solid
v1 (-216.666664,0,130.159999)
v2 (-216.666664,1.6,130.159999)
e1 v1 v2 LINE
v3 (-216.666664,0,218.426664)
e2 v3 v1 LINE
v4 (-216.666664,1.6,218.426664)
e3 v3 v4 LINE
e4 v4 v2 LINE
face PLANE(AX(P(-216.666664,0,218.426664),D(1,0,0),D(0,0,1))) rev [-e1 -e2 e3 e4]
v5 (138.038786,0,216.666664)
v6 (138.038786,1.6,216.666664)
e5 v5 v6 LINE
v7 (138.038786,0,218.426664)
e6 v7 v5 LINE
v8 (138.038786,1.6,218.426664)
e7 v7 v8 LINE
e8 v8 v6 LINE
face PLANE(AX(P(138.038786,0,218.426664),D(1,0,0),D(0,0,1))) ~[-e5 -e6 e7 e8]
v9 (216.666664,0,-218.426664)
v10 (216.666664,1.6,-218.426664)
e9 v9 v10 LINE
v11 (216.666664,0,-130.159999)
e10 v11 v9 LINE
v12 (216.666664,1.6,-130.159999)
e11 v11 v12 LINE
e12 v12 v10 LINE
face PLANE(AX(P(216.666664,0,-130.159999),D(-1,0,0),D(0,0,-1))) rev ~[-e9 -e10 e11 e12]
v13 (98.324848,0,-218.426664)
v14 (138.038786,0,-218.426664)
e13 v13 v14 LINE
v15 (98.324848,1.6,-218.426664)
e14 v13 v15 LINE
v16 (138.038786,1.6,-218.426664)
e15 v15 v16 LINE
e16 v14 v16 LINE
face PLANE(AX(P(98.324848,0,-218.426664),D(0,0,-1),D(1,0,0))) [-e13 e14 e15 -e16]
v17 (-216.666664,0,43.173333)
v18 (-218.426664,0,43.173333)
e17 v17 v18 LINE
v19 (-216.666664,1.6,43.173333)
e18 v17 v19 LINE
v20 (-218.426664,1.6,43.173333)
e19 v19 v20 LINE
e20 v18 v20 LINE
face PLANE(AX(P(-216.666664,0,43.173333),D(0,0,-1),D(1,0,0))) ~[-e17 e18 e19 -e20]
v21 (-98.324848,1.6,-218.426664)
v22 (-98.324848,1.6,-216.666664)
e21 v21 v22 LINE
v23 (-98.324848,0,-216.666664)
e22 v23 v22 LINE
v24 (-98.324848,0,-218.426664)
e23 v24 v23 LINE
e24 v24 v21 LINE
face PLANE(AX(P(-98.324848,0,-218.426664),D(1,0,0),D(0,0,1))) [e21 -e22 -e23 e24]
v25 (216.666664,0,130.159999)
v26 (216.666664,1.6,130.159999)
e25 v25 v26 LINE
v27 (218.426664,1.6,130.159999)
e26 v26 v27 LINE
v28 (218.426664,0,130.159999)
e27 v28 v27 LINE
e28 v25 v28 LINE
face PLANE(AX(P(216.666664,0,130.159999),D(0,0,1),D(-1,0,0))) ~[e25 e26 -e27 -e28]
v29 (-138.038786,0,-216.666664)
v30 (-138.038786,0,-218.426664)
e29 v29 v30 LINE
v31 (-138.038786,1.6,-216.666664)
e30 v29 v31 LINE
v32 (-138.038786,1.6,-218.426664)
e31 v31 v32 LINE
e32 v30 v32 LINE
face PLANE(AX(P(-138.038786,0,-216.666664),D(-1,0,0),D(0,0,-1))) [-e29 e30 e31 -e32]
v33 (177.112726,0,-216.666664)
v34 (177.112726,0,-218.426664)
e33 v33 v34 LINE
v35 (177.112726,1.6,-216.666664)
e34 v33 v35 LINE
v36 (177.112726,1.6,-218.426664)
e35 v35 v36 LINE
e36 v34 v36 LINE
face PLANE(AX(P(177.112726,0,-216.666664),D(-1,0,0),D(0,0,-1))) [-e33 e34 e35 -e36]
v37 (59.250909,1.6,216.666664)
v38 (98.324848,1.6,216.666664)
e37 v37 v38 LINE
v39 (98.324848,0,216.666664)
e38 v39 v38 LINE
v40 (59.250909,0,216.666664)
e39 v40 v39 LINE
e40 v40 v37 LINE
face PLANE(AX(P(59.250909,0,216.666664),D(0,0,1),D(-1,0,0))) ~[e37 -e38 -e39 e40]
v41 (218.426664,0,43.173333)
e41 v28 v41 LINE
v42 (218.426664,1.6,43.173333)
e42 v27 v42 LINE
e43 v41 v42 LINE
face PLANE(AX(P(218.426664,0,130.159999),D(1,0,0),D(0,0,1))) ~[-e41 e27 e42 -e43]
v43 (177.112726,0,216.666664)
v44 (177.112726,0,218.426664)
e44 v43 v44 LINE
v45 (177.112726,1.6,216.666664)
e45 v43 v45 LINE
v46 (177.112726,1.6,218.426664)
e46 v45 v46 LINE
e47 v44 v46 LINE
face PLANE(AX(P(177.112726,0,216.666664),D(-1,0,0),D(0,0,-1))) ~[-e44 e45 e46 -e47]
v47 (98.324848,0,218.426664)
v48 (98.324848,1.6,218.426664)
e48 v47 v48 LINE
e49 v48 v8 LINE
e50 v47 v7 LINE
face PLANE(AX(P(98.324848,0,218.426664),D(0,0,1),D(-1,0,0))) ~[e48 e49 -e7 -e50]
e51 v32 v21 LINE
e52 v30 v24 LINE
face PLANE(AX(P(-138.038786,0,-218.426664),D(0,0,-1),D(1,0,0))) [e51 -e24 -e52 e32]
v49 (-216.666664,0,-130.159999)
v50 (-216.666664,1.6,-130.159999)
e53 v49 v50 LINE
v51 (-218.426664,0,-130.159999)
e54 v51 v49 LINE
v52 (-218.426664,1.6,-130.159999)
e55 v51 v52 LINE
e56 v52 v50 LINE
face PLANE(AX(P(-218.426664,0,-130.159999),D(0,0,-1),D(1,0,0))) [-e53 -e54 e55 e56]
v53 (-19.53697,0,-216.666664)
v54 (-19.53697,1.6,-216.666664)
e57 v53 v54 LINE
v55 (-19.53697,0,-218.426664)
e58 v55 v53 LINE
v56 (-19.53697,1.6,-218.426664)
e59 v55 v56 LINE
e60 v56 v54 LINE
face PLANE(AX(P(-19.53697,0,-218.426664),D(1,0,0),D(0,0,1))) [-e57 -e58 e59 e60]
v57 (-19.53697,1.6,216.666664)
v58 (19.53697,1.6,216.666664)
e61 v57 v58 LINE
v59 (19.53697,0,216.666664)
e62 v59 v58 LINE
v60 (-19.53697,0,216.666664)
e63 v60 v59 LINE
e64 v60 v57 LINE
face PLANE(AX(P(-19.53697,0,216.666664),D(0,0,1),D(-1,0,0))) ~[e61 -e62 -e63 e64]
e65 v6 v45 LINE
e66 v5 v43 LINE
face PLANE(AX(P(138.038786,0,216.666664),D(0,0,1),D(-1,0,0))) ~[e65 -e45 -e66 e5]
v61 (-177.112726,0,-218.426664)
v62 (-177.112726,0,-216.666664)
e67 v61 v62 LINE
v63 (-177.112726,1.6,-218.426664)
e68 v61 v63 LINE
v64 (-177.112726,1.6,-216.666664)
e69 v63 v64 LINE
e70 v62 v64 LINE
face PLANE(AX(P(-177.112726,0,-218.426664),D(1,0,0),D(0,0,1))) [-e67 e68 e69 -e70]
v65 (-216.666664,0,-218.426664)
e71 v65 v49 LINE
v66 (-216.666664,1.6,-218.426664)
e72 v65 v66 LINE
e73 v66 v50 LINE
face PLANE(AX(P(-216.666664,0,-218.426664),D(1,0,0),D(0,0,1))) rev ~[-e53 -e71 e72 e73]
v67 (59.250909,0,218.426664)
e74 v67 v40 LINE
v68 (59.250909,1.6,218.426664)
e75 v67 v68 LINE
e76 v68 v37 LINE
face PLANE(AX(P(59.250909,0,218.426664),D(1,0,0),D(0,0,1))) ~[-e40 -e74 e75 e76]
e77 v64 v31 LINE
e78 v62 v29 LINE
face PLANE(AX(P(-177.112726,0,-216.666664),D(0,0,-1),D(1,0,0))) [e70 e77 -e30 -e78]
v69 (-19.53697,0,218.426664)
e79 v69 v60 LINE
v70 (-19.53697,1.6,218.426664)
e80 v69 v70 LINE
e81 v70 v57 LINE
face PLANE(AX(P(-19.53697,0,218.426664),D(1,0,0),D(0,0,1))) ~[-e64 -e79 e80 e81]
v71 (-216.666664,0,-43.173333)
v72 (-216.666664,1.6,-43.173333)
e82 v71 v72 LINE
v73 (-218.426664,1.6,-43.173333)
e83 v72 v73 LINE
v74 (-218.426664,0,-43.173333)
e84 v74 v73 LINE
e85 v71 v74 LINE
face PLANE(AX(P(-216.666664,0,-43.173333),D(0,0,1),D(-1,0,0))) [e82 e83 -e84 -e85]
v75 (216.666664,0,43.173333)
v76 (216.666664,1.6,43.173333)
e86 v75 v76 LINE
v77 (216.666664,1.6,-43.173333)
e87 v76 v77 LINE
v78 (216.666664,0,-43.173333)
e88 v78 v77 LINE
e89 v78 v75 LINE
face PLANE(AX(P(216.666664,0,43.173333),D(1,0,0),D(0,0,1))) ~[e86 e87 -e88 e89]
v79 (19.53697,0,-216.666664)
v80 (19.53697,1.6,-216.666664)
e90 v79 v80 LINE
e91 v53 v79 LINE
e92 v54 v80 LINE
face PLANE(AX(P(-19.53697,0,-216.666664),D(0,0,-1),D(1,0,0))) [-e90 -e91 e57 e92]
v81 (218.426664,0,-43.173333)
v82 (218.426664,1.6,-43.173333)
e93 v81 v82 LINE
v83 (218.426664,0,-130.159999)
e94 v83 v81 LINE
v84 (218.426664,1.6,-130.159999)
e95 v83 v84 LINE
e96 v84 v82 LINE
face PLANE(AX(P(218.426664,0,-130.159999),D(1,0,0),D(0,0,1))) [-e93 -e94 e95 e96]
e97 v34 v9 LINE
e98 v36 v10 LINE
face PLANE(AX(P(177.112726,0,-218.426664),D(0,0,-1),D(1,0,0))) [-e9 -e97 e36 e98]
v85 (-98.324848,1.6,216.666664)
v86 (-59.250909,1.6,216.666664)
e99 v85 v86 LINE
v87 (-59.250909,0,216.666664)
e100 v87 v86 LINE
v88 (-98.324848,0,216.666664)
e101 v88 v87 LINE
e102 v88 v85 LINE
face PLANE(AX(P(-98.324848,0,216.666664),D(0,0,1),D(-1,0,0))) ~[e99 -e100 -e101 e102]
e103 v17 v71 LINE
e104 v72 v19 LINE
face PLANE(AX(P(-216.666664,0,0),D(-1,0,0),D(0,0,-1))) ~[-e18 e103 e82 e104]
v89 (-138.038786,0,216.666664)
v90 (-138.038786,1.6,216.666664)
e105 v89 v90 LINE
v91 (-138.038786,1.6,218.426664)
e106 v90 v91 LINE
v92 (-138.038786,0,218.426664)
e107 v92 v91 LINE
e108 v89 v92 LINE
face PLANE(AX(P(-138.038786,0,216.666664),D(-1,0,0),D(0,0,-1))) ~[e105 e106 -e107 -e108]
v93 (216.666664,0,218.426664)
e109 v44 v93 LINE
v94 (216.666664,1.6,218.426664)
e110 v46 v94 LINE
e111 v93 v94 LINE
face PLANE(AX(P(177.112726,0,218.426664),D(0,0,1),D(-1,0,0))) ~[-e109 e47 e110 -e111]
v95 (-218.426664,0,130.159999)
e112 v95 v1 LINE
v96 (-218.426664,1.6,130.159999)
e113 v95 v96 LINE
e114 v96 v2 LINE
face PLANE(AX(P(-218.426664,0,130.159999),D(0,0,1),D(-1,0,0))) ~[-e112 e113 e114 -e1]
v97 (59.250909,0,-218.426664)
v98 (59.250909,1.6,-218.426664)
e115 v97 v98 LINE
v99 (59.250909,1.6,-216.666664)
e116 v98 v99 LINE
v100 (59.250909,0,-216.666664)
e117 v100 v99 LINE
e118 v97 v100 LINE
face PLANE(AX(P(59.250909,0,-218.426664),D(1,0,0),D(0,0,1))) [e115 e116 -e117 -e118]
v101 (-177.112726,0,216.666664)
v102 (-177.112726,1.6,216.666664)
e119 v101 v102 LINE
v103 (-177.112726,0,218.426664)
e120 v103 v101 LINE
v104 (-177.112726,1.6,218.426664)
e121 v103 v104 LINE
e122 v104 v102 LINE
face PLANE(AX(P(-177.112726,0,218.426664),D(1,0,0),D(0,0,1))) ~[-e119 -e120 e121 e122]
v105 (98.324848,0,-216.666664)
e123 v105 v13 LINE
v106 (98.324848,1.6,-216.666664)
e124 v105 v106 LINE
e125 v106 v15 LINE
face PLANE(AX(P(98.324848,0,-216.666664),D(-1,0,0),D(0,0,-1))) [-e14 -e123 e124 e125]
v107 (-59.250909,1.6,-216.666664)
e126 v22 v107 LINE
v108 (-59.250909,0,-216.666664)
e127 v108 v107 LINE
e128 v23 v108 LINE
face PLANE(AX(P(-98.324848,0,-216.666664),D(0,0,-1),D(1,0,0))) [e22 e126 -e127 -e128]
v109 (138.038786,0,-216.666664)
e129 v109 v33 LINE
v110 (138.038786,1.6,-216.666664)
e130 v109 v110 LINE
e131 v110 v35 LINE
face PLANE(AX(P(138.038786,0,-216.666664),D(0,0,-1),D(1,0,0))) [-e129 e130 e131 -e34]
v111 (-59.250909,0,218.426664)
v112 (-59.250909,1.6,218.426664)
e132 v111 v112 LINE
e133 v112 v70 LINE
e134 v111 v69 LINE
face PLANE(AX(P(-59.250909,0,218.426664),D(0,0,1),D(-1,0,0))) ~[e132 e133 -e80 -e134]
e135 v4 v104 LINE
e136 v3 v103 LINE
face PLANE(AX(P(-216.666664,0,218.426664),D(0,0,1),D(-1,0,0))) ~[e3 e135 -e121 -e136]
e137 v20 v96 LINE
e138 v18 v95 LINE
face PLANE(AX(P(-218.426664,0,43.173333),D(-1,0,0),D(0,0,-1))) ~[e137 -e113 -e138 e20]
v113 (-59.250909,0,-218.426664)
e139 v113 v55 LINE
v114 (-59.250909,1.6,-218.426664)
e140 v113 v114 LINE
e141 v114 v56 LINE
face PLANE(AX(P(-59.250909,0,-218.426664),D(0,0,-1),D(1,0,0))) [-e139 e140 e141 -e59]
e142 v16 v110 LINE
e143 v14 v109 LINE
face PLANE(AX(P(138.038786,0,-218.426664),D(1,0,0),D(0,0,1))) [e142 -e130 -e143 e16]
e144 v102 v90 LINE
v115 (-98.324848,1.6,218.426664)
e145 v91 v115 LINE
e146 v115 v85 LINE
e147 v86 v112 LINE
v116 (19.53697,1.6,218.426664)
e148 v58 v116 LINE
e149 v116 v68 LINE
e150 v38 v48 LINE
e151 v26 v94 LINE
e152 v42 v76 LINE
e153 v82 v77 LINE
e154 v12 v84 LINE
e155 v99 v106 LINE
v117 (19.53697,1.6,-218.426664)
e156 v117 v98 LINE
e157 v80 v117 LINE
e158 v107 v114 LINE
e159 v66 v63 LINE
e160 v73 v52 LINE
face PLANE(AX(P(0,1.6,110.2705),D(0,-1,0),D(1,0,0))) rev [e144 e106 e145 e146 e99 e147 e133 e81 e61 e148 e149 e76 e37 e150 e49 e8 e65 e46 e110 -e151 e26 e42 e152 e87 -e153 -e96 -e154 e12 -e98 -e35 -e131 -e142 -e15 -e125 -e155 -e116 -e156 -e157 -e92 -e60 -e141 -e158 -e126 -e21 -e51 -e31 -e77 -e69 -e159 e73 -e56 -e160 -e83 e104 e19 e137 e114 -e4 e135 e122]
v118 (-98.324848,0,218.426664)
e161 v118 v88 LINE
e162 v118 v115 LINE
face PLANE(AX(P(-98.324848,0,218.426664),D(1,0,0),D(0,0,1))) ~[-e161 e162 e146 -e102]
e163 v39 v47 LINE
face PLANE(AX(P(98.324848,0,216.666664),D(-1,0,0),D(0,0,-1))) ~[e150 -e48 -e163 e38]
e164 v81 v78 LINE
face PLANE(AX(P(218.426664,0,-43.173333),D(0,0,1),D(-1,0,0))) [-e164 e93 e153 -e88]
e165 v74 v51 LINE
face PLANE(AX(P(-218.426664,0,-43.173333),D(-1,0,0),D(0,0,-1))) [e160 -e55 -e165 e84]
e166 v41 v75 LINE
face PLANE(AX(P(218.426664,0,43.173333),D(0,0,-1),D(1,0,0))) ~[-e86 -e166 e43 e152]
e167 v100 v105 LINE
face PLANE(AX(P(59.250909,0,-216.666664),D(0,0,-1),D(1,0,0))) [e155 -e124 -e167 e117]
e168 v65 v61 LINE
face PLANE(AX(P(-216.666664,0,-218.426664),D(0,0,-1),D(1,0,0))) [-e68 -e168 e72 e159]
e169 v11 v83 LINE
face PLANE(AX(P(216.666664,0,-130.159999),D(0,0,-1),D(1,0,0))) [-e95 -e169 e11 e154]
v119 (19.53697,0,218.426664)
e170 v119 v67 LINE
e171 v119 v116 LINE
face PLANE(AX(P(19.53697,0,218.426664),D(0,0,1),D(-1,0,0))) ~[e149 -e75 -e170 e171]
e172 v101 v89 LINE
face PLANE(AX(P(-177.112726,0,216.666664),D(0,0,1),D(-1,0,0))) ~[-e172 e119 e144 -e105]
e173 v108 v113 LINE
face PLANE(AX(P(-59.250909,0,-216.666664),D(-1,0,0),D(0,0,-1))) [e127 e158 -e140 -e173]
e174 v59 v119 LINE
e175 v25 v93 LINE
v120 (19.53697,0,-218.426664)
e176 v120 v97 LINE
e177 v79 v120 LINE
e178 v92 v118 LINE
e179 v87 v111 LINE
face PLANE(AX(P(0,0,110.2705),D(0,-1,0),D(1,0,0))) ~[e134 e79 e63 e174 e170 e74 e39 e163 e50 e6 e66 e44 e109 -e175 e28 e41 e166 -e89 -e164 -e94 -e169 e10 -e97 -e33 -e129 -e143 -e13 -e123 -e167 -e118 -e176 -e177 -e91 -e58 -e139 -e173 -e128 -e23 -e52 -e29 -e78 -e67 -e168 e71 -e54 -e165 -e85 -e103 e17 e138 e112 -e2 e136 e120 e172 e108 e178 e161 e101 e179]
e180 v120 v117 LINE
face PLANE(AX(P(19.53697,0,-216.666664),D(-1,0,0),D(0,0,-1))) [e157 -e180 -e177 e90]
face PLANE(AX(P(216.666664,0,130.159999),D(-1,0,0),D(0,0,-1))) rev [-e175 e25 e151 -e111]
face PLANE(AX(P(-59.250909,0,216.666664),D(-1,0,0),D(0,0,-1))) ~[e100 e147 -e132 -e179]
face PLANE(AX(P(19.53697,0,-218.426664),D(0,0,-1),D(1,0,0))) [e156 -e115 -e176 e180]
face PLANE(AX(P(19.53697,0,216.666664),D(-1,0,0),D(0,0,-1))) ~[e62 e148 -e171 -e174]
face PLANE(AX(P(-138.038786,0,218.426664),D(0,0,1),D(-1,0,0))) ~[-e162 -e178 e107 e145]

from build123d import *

# Parameters (mm, degrees)
BOSS_EXTRUDE1_DEPTH = 1.6


with BuildPart() as part:
    # oneSide → Boss-Extrude1 (new body)
    with BuildSketch(Plane(origin=(0, 0, 0), x_dir=(1, 0, 0), z_dir=(0, 1, 0))):
        Polygon((-216.6666645, 216.6666645), (-216.6666645, 218.4266645), (-177.1127255, 218.4266645), (-177.1127255, 216.6666645), (-138.0387865, 216.6666645), (-138.0387865, 218.4266645), (-98.3248475, 218.4266645), (-98.3248475, 216.6666645), (-59.2509085, 216.6666645), (-59.2509085, 218.4266645), (-19.5369695, 218.4266645), (-19.5369695, 216.6666645), (19.5369695, 216.6666645), (19.5369695, 218.4266645), (59.2509085, 218.4266645), (59.2509085, 216.6666645), (98.3248475, 216.6666645), (98.3248475, 218.4266645), (138.0387865, 218.4266645), (138.0387865, 216.6666645), (177.1127255, 216.6666645), (177.1127255, 218.4266645), (216.6666645, 218.4266645), (216.6666645, 216.6666645), (216.6666645, 130.1599987), (218.4266645, 130.1599987), (218.4266645, 43.1733329), (216.6666645, 43.1733329), (216.6666645, 0), (-216.6666645, 0), (-216.6666645, 43.1733329), (-218.4266645, 43.1733329), (-218.4266645, 130.1599987), (-216.6666645, 130.1599987), align=None)
    boss_extrude1 = extrude(amount=BOSS_EXTRUDE1_DEPTH)

    # Mirror1: Boss-Extrude1 across plane
    add(boss_extrude1.mirror(Plane(origin=(216.6666645, 1.6, 0), x_dir=(1, 0, 0), z_dir=(0, 0, -1))))


solid = part.part
